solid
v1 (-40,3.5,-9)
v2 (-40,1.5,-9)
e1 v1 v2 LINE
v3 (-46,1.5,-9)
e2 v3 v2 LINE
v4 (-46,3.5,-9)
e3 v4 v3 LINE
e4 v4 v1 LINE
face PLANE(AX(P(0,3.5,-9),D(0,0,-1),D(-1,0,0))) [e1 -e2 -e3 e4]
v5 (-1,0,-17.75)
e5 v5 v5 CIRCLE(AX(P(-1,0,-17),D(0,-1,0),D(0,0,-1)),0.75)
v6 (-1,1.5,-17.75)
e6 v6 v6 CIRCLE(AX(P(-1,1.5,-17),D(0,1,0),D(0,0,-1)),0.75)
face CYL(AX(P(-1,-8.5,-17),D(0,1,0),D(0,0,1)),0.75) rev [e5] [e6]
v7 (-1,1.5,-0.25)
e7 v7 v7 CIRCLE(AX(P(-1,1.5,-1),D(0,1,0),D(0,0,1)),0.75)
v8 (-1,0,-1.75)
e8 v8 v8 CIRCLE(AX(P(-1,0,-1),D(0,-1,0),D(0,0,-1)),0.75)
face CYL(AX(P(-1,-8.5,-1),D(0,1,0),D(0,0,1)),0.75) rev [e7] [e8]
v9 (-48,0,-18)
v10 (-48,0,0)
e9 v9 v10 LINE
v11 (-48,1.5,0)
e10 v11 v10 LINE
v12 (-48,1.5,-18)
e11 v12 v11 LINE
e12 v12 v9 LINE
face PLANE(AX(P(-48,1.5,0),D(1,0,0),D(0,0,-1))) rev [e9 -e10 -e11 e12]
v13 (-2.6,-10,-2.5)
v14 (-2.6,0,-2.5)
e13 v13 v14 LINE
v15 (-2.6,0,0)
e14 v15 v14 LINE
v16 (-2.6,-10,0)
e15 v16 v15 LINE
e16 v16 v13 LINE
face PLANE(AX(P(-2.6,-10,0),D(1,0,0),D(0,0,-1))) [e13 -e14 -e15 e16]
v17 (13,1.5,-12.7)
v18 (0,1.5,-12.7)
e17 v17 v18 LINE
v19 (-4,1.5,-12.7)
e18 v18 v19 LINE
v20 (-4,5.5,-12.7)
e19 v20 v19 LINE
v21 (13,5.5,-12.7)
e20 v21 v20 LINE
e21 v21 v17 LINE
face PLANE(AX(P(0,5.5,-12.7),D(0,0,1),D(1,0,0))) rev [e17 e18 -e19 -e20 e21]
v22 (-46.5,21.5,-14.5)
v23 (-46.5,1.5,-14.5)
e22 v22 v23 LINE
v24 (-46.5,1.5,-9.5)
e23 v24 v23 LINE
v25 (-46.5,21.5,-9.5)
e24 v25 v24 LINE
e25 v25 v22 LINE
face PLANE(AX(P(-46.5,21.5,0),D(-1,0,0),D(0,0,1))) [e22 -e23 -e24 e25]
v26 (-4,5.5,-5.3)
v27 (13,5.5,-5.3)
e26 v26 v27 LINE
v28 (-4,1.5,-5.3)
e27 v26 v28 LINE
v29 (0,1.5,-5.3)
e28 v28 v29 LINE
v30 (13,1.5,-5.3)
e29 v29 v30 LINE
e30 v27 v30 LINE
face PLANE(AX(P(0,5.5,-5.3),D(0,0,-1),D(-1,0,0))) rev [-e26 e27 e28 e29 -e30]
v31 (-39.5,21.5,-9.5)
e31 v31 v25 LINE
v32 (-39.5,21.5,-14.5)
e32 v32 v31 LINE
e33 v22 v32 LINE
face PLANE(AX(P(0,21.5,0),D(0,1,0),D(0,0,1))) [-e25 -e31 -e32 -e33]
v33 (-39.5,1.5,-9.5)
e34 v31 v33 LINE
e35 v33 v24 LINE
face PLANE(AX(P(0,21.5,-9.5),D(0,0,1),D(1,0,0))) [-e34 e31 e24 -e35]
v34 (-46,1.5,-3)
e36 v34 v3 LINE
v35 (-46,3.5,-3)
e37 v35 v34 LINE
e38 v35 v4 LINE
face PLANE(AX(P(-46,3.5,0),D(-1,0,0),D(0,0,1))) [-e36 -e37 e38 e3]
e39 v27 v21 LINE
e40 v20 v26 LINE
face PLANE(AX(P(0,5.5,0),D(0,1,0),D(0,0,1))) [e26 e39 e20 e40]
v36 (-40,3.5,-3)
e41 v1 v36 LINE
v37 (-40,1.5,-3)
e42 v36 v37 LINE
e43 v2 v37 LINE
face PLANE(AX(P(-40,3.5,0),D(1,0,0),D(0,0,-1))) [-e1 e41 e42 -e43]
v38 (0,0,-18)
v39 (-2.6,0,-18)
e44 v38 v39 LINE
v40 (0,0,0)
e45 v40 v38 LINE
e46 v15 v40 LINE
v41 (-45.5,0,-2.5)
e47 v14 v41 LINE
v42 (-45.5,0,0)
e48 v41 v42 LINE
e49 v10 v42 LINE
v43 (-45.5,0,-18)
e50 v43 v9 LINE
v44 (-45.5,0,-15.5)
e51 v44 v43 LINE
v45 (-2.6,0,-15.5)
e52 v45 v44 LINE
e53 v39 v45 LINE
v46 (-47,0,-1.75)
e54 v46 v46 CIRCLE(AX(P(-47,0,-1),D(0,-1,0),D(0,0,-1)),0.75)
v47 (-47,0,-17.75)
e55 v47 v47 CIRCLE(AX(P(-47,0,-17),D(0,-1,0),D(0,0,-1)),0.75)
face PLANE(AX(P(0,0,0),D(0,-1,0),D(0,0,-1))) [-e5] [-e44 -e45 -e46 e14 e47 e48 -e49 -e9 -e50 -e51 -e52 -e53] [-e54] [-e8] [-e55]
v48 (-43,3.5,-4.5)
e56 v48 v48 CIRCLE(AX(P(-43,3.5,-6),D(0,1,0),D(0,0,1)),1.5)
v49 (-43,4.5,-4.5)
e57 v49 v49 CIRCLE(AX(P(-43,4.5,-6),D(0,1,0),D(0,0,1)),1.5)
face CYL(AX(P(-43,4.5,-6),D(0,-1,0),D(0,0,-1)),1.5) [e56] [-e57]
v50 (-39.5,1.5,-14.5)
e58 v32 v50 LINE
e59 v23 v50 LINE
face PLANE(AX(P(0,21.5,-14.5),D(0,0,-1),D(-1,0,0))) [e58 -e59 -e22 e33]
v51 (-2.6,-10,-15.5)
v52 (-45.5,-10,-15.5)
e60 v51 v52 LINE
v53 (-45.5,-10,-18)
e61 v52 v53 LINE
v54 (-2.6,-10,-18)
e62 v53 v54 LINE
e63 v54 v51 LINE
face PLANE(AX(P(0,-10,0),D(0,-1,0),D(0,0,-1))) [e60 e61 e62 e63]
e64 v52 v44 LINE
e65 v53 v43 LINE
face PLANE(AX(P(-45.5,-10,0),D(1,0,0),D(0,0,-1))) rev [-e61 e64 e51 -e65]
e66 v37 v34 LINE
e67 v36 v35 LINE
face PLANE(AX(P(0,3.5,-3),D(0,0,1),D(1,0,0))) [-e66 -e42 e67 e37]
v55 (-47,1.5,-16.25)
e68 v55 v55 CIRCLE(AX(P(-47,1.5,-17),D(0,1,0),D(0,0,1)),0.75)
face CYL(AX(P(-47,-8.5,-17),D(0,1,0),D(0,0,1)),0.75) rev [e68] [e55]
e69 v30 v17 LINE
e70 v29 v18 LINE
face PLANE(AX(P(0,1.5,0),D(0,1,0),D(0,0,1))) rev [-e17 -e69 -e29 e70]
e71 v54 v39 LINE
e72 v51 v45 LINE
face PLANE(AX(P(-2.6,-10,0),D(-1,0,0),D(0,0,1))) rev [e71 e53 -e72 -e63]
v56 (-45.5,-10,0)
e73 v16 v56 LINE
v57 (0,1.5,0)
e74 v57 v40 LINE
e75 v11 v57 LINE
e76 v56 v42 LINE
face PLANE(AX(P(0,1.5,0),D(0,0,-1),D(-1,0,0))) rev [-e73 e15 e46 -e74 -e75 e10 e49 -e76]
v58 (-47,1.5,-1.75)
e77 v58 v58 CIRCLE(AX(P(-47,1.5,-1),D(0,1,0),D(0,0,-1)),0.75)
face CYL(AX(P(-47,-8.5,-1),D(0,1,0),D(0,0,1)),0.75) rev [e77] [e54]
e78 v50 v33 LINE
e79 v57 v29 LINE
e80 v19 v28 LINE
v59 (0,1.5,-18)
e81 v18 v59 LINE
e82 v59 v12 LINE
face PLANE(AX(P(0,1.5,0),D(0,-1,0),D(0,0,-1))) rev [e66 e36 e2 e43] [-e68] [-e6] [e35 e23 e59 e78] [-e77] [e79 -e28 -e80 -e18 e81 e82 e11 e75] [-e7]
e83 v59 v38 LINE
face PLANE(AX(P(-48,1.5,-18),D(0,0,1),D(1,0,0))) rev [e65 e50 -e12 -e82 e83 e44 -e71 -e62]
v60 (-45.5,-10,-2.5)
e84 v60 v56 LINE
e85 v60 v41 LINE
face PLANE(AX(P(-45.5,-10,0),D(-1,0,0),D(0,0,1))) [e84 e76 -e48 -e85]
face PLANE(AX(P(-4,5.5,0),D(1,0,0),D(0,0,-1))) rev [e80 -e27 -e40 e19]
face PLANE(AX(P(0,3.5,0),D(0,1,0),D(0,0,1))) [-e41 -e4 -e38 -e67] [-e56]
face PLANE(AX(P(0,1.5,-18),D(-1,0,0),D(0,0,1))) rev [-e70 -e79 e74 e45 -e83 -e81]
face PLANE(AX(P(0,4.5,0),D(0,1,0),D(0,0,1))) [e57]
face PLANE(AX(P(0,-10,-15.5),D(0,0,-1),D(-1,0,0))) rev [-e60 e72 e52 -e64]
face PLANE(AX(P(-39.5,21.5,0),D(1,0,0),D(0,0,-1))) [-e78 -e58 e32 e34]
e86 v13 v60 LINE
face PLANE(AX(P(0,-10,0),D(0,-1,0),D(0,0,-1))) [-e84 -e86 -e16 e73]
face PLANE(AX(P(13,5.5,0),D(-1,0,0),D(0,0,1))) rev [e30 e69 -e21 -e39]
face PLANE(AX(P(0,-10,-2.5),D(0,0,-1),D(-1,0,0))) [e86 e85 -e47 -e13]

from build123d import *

# Parameters (mm, degrees)
SKETCH_1_W          = 48
SKETCH_1_H          = 18
EXTRUDE_1_DEPTH     = 1.5
EXTRUDE_2_DEPTH     = 4
SKETCH_4_W          = 42.9
SKETCH_4_H          = 2.5
EXTRUDE_3_DEPTH     = 10
SKETCH_5_W          = 7
SKETCH_5_H          = 5
EXTRUDE_4_DEPTH     = 20
SKETCH_6_W          = 6
SKETCH_6_H          = 6
EXTRUDE_5_DEPTH     = 2
EXTRUDE_6_DEPTH     = 1
SKETCH_8_R          = 0.75
CUT_EXTRUDE_1_DEPTH = 10


with BuildPart() as part:
    # Эскиз1 → Бобышка-Вытянуть1 (new body)
    with BuildSketch(Plane(origin=(0, 0, 0), x_dir=(1, 0, 0), z_dir=(0, 1, 0))):
        with Locations((-24, 9)):
            Rectangle(SKETCH_1_W, SKETCH_1_H)
    extrude(amount=EXTRUDE_1_DEPTH)

    # Эскиз2 → Бобышка-Вытянуть2 (add)
    with BuildSketch(Plane(origin=(0, 1.5, 0), x_dir=(1, 0, 0), z_dir=(0, 1, 0))):
        Polygon((0, 12.7), (0, 9), (0, 5.3), (13, 5.3), (13, 12.7), align=None)
        Polygon((0, 5.3), (0, 9), (0, 12.7), (-4, 12.7), (-4, 5.3), align=None)
    extrude(amount=EXTRUDE_2_DEPTH)

    # Эскиз4 → Бобышка-Вытянуть3 (add)
    with BuildSketch(Plane(origin=(0, 0, 0), x_dir=(-1, 0, 0), z_dir=(0, -1, 0))):
        with Locations((24.05, 16.75)):
            Rectangle(SKETCH_4_W, SKETCH_4_H)
        with Locations((24.05, 1.25)):
            Rectangle(SKETCH_4_W, SKETCH_4_H)
    extrude(amount=EXTRUDE_3_DEPTH)

    # Эскиз5 → Бобышка-Вытянуть4 (add)
    with BuildSketch(Plane(origin=(0, 1.5, 0), x_dir=(1, 0, 0), z_dir=(0, 1, 0))):
        with Locations((-43, 12)):
            Rectangle(SKETCH_5_W, SKETCH_5_H)
    extrude(amount=EXTRUDE_4_DEPTH)

    # Эскиз6 → Бобышка-Вытянуть5 (add)
    with BuildSketch(Plane(origin=(0, 1.5, 0), x_dir=(1, 0, 0), z_dir=(0, 1, 0))):
        with Locations((-43, 6)):
            Rectangle(SKETCH_6_W, SKETCH_6_H)
    extrude(amount=EXTRUDE_5_DEPTH)

    # Эскиз7 → Бобышка-Вытянуть6 (add)
    with BuildSketch(Plane(origin=(0, 3.5, 0), x_dir=(1, 0, 0), z_dir=(0, 1, 0))):
        with BuildLine():
            ThreePointArc((-41.939339828, 7.060660172), (-43, 7.5), (-44.060660172, 7.060660172))
            Line((-44.060660172, 7.060660172), (-43, 6))
            Line((-43, 6), (-41.939339828, 7.060660172))
        make_face()
        with BuildLine():
            Line((-43, 6), (-44.060660172, 7.060660172))
            ThreePointArc((-44.060660172, 7.060660172), (-44.5, 6), (-44.060660172, 4.939339828))
            Line((-44.060660172, 4.939339828), (-43, 6))
        make_face()
        with BuildLine():
            Line((-41.939339828, 7.060660172), (-43, 6))
            Line((-43, 6), (-41.939339828, 4.939339828))
            ThreePointArc((-41.939339828, 4.939339828), (-41.614180701, 5.425974851), (-41.5, 6))
            ThreePointArc((-41.5, 6), (-41.614180701, 6.574025149), (-41.939339828, 7.060660172))
        make_face()
        with BuildLine():
            Line((-41.939339828, 4.939339828), (-43, 6))
            Line((-43, 6), (-44.060660172, 4.939339828))
            ThreePointArc((-44.060660172, 4.939339828), (-43, 4.5), (-41.939339828, 4.939339828))
        make_face()
    extrude(amount=EXTRUDE_6_DEPTH)

    # Эскиз8 → Вырез-Вытянуть1 (cut)
    with BuildSketch(Plane(origin=(0, 1.5, 0), x_dir=(1, 0, 0), z_dir=(0, 1, 0))):
        with Locations(Location((-47, 17, 0), (0, 0, 270))):
            Circle(SKETCH_8_R)
        with Locations(Location((-47, 1, 0), (0, 0, 90))):
            Circle(SKETCH_8_R)
        with Locations(Location((-1, 1, 0), (0, 0, 270))):
            Circle(SKETCH_8_R)
        with Locations(Location((-1, 17, 0), (0, 0, 90))):
            Circle(SKETCH_8_R)
    extrude(amount=-CUT_EXTRUDE_1_DEPTH, mode=Mode.SUBTRACT)


solid = part.part
